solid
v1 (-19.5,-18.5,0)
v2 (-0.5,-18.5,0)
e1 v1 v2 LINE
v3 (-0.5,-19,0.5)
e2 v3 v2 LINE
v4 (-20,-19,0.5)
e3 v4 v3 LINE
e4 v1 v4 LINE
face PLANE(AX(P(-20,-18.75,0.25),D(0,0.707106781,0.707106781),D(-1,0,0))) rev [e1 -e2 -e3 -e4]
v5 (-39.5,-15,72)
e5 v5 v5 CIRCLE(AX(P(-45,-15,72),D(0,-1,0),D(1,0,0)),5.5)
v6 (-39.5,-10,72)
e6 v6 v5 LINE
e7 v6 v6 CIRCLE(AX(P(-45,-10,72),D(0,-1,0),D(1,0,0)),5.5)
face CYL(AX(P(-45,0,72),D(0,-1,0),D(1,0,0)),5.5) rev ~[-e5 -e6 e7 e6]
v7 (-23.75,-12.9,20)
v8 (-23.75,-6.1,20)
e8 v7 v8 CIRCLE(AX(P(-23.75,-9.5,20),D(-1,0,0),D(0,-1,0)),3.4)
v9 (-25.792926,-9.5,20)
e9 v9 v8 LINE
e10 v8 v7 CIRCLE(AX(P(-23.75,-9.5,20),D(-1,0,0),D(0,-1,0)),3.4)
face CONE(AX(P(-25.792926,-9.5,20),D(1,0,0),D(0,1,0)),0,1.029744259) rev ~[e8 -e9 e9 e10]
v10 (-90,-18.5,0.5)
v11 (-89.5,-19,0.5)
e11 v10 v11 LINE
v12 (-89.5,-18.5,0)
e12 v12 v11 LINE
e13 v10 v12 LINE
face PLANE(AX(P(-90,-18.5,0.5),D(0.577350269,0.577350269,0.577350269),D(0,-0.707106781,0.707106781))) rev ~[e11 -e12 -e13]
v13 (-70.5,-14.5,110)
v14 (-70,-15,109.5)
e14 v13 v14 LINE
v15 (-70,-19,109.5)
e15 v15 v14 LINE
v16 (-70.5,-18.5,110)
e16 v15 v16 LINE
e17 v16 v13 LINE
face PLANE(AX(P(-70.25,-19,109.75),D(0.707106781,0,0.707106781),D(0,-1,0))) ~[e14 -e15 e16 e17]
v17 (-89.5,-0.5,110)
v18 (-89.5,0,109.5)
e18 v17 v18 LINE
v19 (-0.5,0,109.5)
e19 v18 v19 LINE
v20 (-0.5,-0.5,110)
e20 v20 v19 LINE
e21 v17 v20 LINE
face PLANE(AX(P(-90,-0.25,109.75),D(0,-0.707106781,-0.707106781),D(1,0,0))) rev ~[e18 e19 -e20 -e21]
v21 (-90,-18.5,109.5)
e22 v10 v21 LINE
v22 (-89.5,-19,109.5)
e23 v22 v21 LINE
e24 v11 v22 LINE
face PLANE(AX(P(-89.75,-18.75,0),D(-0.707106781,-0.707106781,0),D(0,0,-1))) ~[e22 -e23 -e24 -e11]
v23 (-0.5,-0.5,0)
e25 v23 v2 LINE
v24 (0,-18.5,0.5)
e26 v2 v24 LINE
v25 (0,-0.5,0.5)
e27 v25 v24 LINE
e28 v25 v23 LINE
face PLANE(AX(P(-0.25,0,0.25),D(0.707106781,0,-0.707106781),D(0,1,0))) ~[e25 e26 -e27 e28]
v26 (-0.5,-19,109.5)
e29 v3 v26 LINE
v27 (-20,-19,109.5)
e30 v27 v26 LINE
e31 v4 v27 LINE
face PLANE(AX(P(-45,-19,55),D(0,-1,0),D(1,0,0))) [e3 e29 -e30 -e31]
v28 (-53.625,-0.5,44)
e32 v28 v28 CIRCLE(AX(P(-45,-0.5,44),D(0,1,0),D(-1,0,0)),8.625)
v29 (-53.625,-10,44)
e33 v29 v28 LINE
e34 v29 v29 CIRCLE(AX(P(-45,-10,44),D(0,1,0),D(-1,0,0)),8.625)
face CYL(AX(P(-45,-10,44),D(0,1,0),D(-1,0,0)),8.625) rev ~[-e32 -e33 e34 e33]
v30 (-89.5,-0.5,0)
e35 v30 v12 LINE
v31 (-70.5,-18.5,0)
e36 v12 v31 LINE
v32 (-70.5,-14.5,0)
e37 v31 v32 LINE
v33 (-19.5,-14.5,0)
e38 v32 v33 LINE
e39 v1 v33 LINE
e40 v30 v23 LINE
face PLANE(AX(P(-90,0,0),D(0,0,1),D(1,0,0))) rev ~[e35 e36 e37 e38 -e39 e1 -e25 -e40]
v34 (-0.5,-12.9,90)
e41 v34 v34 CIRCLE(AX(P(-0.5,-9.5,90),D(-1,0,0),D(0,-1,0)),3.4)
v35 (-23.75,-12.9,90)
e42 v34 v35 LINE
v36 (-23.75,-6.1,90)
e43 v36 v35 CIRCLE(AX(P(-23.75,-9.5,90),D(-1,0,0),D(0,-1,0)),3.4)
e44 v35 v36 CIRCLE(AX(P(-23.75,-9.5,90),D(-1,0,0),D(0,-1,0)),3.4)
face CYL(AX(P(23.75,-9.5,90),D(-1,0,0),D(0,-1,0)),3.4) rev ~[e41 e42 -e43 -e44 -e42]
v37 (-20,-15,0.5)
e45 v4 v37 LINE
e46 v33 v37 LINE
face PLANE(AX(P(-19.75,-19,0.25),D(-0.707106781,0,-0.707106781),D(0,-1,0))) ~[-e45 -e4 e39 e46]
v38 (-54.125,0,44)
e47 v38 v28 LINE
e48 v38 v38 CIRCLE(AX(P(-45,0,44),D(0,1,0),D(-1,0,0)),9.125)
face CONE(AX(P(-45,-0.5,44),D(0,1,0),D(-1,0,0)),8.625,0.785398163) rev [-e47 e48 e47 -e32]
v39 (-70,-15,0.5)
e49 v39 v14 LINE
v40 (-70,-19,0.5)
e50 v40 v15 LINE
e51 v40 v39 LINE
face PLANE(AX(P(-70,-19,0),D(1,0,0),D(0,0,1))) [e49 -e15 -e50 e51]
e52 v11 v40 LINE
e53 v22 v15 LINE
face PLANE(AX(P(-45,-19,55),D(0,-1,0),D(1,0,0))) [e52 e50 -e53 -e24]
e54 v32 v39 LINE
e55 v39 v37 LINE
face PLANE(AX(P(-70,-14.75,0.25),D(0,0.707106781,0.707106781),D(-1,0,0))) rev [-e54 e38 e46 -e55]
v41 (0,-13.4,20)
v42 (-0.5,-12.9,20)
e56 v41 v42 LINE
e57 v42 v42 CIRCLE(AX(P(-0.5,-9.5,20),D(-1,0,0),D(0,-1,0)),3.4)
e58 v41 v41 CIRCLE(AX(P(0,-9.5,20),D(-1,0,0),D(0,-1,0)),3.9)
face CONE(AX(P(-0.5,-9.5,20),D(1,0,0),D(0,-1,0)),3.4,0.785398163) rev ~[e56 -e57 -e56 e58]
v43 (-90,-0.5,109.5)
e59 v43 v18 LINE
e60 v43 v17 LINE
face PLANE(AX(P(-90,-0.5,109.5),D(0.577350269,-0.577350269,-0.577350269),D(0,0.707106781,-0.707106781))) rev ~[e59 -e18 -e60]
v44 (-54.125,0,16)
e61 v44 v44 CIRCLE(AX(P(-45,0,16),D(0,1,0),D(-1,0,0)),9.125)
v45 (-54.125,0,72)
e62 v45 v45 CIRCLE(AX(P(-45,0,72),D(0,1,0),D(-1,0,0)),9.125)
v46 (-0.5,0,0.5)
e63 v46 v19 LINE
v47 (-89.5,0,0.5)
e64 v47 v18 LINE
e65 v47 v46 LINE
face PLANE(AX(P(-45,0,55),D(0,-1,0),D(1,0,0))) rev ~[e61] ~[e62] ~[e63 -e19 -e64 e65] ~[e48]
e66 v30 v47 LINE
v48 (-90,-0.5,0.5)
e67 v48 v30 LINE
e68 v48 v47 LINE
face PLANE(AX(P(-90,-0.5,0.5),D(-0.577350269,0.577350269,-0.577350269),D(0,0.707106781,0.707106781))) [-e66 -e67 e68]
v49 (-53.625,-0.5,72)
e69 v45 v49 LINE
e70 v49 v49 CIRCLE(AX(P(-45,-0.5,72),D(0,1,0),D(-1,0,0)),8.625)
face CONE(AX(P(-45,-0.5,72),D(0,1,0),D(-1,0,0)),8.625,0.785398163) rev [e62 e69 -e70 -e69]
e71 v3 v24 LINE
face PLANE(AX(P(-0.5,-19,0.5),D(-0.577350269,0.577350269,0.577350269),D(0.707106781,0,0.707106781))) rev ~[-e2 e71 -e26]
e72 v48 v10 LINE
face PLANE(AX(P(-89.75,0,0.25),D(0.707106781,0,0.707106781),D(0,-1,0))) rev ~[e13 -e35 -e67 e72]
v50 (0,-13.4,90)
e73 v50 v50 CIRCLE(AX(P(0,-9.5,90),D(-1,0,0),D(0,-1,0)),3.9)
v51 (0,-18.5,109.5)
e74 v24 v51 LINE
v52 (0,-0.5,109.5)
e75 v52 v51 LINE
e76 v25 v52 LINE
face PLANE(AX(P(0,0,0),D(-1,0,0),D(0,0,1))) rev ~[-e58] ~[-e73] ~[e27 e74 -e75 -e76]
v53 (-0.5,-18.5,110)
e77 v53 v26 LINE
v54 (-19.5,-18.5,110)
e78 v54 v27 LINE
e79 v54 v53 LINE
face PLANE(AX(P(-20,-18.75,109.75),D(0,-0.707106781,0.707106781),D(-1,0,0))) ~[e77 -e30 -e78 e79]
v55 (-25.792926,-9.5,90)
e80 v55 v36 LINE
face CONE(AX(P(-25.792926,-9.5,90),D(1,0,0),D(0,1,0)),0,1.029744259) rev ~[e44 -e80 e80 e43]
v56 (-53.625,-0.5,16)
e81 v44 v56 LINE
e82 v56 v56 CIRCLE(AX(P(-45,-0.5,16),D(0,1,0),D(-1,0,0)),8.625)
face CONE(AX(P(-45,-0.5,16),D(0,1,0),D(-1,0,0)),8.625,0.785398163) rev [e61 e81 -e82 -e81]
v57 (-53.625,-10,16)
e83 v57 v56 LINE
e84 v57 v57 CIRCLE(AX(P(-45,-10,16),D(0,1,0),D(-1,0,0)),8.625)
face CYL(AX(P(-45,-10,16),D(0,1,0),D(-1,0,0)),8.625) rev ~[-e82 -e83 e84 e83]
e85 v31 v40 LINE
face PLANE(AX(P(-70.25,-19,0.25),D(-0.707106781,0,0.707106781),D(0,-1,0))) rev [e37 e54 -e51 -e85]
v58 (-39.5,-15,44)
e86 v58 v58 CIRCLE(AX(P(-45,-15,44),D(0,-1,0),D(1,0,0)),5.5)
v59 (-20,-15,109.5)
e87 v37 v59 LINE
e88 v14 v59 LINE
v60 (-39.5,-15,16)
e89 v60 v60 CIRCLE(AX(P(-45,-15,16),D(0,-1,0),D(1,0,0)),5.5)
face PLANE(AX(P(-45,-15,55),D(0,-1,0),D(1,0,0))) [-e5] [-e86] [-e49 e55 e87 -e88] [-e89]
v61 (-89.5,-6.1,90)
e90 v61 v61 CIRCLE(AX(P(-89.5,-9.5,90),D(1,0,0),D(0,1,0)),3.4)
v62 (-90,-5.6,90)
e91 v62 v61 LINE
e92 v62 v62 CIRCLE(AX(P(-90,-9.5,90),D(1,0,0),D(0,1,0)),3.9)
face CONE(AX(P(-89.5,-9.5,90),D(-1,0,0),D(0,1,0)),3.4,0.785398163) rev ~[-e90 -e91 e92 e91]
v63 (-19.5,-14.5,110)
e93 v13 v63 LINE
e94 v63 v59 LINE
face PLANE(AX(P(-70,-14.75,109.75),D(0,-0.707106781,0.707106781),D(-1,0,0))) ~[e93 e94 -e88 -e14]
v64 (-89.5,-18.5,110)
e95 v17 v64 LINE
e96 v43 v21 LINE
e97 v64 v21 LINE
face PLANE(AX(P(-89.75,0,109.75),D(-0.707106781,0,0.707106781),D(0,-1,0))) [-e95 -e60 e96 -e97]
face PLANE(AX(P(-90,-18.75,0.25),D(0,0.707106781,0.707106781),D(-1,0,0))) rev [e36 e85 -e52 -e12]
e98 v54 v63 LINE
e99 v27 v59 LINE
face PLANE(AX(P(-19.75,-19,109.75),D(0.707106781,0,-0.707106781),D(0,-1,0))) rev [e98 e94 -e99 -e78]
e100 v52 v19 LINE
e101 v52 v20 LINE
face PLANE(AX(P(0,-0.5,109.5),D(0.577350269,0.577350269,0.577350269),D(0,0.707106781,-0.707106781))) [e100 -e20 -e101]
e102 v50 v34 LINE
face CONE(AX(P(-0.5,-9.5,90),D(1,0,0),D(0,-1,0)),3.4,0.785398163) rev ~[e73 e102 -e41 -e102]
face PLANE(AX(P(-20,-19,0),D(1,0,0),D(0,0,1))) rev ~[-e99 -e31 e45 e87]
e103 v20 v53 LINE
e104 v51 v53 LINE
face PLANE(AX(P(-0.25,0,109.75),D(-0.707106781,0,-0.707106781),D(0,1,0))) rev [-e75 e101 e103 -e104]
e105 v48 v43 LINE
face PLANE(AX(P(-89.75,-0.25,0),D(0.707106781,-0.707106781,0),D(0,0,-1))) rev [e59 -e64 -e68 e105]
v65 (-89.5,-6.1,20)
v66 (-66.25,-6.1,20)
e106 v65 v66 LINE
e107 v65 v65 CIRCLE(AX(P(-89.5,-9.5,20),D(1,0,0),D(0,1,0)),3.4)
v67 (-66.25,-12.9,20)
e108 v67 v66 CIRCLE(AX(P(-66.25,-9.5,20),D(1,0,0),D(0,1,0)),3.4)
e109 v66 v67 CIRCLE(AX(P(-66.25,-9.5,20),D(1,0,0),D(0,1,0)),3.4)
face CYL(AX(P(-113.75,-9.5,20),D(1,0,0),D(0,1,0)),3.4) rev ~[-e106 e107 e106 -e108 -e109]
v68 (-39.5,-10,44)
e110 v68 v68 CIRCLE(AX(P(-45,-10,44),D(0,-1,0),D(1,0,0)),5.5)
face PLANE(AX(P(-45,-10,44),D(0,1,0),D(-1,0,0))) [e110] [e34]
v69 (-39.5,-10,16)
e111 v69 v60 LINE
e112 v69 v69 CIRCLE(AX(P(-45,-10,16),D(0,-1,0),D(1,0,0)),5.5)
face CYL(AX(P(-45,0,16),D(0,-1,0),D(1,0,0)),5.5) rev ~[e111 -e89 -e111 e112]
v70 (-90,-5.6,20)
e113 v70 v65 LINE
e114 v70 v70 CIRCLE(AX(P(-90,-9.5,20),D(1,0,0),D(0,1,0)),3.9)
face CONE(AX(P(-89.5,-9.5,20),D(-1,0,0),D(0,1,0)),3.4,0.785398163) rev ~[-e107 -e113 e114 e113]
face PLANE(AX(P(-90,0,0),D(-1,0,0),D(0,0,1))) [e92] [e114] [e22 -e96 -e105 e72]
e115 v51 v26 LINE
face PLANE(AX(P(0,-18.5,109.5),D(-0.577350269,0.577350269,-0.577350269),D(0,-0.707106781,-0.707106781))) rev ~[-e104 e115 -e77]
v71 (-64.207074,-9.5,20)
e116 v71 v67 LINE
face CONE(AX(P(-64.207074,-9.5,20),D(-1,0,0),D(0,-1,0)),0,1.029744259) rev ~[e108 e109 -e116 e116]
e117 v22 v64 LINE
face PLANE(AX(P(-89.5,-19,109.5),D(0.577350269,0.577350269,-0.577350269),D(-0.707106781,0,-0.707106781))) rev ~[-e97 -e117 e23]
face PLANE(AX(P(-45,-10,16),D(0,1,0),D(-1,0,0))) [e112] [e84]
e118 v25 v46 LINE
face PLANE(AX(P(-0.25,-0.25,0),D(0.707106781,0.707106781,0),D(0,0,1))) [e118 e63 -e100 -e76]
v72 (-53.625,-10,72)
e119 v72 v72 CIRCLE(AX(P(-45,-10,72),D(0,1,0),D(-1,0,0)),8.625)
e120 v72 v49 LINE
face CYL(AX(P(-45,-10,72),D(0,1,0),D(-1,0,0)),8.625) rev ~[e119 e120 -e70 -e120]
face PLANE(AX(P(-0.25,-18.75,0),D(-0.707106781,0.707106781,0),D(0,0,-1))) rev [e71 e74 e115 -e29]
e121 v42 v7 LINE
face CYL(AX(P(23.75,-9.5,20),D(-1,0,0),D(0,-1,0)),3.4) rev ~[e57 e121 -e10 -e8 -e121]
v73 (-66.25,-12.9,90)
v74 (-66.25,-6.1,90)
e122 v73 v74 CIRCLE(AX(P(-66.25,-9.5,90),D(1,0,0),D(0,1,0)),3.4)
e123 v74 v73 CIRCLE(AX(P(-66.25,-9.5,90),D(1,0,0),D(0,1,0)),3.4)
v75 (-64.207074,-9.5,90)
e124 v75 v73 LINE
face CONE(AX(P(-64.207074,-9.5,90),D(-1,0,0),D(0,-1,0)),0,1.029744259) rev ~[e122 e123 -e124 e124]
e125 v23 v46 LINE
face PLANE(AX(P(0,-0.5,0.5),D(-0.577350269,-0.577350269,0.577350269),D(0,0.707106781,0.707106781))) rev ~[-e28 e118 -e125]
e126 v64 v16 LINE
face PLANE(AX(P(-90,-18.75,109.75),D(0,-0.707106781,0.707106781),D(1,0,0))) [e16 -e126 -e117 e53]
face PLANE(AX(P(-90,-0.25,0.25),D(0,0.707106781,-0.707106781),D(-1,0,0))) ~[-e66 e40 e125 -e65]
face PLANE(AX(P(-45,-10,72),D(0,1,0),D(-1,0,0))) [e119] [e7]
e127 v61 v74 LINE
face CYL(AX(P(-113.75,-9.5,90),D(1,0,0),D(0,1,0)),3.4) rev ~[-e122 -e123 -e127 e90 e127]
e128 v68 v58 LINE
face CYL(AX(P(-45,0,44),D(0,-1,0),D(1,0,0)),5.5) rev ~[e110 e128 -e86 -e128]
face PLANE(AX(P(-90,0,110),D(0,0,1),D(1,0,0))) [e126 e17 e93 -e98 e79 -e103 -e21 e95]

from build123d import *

# Parameters (mm, degrees)
F0_W           = 90
F0_H           = 110
F1_DEPTH       = 19
F2_W           = 50
F2_H           = 110
F3_DEPTH       = 4
F5_D           = 11
F5_CBORE_D     = 17.25
F5_CBORE_DEPTH = 10
F8_D           = 6.8
F8_DEPTH       = 23.75
F8_TIP         = 2.0429261047
F8_ON_F7_D     = 6.8
F8_ON_F7_DEPTH = 23.75
F8_ON_F7_TIP   = 2.0429261047
F9_SIZE        = 0.5


with BuildPart() as f1:
    # F0 (on Front) → F1 (new body)
    with BuildSketch(Plane.XZ):
        with Locations((-45, 55)):
            Rectangle(F0_W, F0_H)
    extrude(amount=F1_DEPTH)

    # F2 (on face) → F3 (cut)
    with BuildSketch(Plane.XZ.offset(19)):
        with Locations((-45, 55)):
            Rectangle(F2_W, F2_H)
    extrude(amount=-F3_DEPTH, mode=Mode.SUBTRACT)

    # F5 (through all)
    with Locations(Plane(origin=(0, 0, 0), x_dir=(-1, 0, 0), z_dir=(0, 1, 0))):
        with Locations((45, 72), (45, 44), (45, 16)):
            CounterBoreHole(F5_D / 2, F5_CBORE_D / 2, F5_CBORE_DEPTH)

    # F8
    with Locations(Plane.YZ):
        with Locations((-9.5, 90), (-9.5, 20)):
            Hole(F8_D / 2, depth=F8_DEPTH)
            with Locations((0, 0, -(F8_DEPTH + F8_TIP / 2))):  # 118° drill point
                Cone(0, F8_D / 2, F8_TIP, mode=Mode.SUBTRACT)

    # F8 on F7
    with Locations(Plane(origin=(-90, 0, 0), x_dir=(0, -1, 0), z_dir=(-1, 0, 0))):
        with Locations((9.5, 90), (9.5, 20)):
            Hole(F8_ON_F7_D / 2, depth=F8_ON_F7_DEPTH)
            with Locations((0, 0, -(F8_ON_F7_DEPTH + F8_ON_F7_TIP / 2))):  # 118° drill point
                Cone(0, F8_ON_F7_D / 2, F8_ON_F7_TIP, mode=Mode.SUBTRACT)

    # F9
    f9_edges = [f1.edges().sort_by_distance(p)[0] for p in [
        (-45, 0, 110),
        (-90, -9.5, 110),
        (-80, -19, 110),
        (-70, -17, 110),
        (-45, -15, 110),
        (-20, -17, 110),
        (-10, -19, 110),
        (0, -9.5, 110),
        (-45, 0, 0),
        (0, -9.5, 0),
        (-10, -19, 0),
        (-20, -17, 0),
        (-45, -15, 0),
        (-70, -17, 0),
        (-80, -19, 0),
        (-90, -9.5, 0),
        (0, 0, 55),
        (0, -19, 55),
        (0, -12.9, 20),
        (0, -12.9, 90),
        (-90, 0, 55),
        (-90, -19, 55),
        (-90, -6.1, 90),
        (-90, -6.1, 20),
        (-36.375, 0, 16),
        (-36.375, 0, 44),
        (-36.375, 0, 72),
    ]]
    chamfer(f9_edges, length=F9_SIZE)


solid = f1.part
